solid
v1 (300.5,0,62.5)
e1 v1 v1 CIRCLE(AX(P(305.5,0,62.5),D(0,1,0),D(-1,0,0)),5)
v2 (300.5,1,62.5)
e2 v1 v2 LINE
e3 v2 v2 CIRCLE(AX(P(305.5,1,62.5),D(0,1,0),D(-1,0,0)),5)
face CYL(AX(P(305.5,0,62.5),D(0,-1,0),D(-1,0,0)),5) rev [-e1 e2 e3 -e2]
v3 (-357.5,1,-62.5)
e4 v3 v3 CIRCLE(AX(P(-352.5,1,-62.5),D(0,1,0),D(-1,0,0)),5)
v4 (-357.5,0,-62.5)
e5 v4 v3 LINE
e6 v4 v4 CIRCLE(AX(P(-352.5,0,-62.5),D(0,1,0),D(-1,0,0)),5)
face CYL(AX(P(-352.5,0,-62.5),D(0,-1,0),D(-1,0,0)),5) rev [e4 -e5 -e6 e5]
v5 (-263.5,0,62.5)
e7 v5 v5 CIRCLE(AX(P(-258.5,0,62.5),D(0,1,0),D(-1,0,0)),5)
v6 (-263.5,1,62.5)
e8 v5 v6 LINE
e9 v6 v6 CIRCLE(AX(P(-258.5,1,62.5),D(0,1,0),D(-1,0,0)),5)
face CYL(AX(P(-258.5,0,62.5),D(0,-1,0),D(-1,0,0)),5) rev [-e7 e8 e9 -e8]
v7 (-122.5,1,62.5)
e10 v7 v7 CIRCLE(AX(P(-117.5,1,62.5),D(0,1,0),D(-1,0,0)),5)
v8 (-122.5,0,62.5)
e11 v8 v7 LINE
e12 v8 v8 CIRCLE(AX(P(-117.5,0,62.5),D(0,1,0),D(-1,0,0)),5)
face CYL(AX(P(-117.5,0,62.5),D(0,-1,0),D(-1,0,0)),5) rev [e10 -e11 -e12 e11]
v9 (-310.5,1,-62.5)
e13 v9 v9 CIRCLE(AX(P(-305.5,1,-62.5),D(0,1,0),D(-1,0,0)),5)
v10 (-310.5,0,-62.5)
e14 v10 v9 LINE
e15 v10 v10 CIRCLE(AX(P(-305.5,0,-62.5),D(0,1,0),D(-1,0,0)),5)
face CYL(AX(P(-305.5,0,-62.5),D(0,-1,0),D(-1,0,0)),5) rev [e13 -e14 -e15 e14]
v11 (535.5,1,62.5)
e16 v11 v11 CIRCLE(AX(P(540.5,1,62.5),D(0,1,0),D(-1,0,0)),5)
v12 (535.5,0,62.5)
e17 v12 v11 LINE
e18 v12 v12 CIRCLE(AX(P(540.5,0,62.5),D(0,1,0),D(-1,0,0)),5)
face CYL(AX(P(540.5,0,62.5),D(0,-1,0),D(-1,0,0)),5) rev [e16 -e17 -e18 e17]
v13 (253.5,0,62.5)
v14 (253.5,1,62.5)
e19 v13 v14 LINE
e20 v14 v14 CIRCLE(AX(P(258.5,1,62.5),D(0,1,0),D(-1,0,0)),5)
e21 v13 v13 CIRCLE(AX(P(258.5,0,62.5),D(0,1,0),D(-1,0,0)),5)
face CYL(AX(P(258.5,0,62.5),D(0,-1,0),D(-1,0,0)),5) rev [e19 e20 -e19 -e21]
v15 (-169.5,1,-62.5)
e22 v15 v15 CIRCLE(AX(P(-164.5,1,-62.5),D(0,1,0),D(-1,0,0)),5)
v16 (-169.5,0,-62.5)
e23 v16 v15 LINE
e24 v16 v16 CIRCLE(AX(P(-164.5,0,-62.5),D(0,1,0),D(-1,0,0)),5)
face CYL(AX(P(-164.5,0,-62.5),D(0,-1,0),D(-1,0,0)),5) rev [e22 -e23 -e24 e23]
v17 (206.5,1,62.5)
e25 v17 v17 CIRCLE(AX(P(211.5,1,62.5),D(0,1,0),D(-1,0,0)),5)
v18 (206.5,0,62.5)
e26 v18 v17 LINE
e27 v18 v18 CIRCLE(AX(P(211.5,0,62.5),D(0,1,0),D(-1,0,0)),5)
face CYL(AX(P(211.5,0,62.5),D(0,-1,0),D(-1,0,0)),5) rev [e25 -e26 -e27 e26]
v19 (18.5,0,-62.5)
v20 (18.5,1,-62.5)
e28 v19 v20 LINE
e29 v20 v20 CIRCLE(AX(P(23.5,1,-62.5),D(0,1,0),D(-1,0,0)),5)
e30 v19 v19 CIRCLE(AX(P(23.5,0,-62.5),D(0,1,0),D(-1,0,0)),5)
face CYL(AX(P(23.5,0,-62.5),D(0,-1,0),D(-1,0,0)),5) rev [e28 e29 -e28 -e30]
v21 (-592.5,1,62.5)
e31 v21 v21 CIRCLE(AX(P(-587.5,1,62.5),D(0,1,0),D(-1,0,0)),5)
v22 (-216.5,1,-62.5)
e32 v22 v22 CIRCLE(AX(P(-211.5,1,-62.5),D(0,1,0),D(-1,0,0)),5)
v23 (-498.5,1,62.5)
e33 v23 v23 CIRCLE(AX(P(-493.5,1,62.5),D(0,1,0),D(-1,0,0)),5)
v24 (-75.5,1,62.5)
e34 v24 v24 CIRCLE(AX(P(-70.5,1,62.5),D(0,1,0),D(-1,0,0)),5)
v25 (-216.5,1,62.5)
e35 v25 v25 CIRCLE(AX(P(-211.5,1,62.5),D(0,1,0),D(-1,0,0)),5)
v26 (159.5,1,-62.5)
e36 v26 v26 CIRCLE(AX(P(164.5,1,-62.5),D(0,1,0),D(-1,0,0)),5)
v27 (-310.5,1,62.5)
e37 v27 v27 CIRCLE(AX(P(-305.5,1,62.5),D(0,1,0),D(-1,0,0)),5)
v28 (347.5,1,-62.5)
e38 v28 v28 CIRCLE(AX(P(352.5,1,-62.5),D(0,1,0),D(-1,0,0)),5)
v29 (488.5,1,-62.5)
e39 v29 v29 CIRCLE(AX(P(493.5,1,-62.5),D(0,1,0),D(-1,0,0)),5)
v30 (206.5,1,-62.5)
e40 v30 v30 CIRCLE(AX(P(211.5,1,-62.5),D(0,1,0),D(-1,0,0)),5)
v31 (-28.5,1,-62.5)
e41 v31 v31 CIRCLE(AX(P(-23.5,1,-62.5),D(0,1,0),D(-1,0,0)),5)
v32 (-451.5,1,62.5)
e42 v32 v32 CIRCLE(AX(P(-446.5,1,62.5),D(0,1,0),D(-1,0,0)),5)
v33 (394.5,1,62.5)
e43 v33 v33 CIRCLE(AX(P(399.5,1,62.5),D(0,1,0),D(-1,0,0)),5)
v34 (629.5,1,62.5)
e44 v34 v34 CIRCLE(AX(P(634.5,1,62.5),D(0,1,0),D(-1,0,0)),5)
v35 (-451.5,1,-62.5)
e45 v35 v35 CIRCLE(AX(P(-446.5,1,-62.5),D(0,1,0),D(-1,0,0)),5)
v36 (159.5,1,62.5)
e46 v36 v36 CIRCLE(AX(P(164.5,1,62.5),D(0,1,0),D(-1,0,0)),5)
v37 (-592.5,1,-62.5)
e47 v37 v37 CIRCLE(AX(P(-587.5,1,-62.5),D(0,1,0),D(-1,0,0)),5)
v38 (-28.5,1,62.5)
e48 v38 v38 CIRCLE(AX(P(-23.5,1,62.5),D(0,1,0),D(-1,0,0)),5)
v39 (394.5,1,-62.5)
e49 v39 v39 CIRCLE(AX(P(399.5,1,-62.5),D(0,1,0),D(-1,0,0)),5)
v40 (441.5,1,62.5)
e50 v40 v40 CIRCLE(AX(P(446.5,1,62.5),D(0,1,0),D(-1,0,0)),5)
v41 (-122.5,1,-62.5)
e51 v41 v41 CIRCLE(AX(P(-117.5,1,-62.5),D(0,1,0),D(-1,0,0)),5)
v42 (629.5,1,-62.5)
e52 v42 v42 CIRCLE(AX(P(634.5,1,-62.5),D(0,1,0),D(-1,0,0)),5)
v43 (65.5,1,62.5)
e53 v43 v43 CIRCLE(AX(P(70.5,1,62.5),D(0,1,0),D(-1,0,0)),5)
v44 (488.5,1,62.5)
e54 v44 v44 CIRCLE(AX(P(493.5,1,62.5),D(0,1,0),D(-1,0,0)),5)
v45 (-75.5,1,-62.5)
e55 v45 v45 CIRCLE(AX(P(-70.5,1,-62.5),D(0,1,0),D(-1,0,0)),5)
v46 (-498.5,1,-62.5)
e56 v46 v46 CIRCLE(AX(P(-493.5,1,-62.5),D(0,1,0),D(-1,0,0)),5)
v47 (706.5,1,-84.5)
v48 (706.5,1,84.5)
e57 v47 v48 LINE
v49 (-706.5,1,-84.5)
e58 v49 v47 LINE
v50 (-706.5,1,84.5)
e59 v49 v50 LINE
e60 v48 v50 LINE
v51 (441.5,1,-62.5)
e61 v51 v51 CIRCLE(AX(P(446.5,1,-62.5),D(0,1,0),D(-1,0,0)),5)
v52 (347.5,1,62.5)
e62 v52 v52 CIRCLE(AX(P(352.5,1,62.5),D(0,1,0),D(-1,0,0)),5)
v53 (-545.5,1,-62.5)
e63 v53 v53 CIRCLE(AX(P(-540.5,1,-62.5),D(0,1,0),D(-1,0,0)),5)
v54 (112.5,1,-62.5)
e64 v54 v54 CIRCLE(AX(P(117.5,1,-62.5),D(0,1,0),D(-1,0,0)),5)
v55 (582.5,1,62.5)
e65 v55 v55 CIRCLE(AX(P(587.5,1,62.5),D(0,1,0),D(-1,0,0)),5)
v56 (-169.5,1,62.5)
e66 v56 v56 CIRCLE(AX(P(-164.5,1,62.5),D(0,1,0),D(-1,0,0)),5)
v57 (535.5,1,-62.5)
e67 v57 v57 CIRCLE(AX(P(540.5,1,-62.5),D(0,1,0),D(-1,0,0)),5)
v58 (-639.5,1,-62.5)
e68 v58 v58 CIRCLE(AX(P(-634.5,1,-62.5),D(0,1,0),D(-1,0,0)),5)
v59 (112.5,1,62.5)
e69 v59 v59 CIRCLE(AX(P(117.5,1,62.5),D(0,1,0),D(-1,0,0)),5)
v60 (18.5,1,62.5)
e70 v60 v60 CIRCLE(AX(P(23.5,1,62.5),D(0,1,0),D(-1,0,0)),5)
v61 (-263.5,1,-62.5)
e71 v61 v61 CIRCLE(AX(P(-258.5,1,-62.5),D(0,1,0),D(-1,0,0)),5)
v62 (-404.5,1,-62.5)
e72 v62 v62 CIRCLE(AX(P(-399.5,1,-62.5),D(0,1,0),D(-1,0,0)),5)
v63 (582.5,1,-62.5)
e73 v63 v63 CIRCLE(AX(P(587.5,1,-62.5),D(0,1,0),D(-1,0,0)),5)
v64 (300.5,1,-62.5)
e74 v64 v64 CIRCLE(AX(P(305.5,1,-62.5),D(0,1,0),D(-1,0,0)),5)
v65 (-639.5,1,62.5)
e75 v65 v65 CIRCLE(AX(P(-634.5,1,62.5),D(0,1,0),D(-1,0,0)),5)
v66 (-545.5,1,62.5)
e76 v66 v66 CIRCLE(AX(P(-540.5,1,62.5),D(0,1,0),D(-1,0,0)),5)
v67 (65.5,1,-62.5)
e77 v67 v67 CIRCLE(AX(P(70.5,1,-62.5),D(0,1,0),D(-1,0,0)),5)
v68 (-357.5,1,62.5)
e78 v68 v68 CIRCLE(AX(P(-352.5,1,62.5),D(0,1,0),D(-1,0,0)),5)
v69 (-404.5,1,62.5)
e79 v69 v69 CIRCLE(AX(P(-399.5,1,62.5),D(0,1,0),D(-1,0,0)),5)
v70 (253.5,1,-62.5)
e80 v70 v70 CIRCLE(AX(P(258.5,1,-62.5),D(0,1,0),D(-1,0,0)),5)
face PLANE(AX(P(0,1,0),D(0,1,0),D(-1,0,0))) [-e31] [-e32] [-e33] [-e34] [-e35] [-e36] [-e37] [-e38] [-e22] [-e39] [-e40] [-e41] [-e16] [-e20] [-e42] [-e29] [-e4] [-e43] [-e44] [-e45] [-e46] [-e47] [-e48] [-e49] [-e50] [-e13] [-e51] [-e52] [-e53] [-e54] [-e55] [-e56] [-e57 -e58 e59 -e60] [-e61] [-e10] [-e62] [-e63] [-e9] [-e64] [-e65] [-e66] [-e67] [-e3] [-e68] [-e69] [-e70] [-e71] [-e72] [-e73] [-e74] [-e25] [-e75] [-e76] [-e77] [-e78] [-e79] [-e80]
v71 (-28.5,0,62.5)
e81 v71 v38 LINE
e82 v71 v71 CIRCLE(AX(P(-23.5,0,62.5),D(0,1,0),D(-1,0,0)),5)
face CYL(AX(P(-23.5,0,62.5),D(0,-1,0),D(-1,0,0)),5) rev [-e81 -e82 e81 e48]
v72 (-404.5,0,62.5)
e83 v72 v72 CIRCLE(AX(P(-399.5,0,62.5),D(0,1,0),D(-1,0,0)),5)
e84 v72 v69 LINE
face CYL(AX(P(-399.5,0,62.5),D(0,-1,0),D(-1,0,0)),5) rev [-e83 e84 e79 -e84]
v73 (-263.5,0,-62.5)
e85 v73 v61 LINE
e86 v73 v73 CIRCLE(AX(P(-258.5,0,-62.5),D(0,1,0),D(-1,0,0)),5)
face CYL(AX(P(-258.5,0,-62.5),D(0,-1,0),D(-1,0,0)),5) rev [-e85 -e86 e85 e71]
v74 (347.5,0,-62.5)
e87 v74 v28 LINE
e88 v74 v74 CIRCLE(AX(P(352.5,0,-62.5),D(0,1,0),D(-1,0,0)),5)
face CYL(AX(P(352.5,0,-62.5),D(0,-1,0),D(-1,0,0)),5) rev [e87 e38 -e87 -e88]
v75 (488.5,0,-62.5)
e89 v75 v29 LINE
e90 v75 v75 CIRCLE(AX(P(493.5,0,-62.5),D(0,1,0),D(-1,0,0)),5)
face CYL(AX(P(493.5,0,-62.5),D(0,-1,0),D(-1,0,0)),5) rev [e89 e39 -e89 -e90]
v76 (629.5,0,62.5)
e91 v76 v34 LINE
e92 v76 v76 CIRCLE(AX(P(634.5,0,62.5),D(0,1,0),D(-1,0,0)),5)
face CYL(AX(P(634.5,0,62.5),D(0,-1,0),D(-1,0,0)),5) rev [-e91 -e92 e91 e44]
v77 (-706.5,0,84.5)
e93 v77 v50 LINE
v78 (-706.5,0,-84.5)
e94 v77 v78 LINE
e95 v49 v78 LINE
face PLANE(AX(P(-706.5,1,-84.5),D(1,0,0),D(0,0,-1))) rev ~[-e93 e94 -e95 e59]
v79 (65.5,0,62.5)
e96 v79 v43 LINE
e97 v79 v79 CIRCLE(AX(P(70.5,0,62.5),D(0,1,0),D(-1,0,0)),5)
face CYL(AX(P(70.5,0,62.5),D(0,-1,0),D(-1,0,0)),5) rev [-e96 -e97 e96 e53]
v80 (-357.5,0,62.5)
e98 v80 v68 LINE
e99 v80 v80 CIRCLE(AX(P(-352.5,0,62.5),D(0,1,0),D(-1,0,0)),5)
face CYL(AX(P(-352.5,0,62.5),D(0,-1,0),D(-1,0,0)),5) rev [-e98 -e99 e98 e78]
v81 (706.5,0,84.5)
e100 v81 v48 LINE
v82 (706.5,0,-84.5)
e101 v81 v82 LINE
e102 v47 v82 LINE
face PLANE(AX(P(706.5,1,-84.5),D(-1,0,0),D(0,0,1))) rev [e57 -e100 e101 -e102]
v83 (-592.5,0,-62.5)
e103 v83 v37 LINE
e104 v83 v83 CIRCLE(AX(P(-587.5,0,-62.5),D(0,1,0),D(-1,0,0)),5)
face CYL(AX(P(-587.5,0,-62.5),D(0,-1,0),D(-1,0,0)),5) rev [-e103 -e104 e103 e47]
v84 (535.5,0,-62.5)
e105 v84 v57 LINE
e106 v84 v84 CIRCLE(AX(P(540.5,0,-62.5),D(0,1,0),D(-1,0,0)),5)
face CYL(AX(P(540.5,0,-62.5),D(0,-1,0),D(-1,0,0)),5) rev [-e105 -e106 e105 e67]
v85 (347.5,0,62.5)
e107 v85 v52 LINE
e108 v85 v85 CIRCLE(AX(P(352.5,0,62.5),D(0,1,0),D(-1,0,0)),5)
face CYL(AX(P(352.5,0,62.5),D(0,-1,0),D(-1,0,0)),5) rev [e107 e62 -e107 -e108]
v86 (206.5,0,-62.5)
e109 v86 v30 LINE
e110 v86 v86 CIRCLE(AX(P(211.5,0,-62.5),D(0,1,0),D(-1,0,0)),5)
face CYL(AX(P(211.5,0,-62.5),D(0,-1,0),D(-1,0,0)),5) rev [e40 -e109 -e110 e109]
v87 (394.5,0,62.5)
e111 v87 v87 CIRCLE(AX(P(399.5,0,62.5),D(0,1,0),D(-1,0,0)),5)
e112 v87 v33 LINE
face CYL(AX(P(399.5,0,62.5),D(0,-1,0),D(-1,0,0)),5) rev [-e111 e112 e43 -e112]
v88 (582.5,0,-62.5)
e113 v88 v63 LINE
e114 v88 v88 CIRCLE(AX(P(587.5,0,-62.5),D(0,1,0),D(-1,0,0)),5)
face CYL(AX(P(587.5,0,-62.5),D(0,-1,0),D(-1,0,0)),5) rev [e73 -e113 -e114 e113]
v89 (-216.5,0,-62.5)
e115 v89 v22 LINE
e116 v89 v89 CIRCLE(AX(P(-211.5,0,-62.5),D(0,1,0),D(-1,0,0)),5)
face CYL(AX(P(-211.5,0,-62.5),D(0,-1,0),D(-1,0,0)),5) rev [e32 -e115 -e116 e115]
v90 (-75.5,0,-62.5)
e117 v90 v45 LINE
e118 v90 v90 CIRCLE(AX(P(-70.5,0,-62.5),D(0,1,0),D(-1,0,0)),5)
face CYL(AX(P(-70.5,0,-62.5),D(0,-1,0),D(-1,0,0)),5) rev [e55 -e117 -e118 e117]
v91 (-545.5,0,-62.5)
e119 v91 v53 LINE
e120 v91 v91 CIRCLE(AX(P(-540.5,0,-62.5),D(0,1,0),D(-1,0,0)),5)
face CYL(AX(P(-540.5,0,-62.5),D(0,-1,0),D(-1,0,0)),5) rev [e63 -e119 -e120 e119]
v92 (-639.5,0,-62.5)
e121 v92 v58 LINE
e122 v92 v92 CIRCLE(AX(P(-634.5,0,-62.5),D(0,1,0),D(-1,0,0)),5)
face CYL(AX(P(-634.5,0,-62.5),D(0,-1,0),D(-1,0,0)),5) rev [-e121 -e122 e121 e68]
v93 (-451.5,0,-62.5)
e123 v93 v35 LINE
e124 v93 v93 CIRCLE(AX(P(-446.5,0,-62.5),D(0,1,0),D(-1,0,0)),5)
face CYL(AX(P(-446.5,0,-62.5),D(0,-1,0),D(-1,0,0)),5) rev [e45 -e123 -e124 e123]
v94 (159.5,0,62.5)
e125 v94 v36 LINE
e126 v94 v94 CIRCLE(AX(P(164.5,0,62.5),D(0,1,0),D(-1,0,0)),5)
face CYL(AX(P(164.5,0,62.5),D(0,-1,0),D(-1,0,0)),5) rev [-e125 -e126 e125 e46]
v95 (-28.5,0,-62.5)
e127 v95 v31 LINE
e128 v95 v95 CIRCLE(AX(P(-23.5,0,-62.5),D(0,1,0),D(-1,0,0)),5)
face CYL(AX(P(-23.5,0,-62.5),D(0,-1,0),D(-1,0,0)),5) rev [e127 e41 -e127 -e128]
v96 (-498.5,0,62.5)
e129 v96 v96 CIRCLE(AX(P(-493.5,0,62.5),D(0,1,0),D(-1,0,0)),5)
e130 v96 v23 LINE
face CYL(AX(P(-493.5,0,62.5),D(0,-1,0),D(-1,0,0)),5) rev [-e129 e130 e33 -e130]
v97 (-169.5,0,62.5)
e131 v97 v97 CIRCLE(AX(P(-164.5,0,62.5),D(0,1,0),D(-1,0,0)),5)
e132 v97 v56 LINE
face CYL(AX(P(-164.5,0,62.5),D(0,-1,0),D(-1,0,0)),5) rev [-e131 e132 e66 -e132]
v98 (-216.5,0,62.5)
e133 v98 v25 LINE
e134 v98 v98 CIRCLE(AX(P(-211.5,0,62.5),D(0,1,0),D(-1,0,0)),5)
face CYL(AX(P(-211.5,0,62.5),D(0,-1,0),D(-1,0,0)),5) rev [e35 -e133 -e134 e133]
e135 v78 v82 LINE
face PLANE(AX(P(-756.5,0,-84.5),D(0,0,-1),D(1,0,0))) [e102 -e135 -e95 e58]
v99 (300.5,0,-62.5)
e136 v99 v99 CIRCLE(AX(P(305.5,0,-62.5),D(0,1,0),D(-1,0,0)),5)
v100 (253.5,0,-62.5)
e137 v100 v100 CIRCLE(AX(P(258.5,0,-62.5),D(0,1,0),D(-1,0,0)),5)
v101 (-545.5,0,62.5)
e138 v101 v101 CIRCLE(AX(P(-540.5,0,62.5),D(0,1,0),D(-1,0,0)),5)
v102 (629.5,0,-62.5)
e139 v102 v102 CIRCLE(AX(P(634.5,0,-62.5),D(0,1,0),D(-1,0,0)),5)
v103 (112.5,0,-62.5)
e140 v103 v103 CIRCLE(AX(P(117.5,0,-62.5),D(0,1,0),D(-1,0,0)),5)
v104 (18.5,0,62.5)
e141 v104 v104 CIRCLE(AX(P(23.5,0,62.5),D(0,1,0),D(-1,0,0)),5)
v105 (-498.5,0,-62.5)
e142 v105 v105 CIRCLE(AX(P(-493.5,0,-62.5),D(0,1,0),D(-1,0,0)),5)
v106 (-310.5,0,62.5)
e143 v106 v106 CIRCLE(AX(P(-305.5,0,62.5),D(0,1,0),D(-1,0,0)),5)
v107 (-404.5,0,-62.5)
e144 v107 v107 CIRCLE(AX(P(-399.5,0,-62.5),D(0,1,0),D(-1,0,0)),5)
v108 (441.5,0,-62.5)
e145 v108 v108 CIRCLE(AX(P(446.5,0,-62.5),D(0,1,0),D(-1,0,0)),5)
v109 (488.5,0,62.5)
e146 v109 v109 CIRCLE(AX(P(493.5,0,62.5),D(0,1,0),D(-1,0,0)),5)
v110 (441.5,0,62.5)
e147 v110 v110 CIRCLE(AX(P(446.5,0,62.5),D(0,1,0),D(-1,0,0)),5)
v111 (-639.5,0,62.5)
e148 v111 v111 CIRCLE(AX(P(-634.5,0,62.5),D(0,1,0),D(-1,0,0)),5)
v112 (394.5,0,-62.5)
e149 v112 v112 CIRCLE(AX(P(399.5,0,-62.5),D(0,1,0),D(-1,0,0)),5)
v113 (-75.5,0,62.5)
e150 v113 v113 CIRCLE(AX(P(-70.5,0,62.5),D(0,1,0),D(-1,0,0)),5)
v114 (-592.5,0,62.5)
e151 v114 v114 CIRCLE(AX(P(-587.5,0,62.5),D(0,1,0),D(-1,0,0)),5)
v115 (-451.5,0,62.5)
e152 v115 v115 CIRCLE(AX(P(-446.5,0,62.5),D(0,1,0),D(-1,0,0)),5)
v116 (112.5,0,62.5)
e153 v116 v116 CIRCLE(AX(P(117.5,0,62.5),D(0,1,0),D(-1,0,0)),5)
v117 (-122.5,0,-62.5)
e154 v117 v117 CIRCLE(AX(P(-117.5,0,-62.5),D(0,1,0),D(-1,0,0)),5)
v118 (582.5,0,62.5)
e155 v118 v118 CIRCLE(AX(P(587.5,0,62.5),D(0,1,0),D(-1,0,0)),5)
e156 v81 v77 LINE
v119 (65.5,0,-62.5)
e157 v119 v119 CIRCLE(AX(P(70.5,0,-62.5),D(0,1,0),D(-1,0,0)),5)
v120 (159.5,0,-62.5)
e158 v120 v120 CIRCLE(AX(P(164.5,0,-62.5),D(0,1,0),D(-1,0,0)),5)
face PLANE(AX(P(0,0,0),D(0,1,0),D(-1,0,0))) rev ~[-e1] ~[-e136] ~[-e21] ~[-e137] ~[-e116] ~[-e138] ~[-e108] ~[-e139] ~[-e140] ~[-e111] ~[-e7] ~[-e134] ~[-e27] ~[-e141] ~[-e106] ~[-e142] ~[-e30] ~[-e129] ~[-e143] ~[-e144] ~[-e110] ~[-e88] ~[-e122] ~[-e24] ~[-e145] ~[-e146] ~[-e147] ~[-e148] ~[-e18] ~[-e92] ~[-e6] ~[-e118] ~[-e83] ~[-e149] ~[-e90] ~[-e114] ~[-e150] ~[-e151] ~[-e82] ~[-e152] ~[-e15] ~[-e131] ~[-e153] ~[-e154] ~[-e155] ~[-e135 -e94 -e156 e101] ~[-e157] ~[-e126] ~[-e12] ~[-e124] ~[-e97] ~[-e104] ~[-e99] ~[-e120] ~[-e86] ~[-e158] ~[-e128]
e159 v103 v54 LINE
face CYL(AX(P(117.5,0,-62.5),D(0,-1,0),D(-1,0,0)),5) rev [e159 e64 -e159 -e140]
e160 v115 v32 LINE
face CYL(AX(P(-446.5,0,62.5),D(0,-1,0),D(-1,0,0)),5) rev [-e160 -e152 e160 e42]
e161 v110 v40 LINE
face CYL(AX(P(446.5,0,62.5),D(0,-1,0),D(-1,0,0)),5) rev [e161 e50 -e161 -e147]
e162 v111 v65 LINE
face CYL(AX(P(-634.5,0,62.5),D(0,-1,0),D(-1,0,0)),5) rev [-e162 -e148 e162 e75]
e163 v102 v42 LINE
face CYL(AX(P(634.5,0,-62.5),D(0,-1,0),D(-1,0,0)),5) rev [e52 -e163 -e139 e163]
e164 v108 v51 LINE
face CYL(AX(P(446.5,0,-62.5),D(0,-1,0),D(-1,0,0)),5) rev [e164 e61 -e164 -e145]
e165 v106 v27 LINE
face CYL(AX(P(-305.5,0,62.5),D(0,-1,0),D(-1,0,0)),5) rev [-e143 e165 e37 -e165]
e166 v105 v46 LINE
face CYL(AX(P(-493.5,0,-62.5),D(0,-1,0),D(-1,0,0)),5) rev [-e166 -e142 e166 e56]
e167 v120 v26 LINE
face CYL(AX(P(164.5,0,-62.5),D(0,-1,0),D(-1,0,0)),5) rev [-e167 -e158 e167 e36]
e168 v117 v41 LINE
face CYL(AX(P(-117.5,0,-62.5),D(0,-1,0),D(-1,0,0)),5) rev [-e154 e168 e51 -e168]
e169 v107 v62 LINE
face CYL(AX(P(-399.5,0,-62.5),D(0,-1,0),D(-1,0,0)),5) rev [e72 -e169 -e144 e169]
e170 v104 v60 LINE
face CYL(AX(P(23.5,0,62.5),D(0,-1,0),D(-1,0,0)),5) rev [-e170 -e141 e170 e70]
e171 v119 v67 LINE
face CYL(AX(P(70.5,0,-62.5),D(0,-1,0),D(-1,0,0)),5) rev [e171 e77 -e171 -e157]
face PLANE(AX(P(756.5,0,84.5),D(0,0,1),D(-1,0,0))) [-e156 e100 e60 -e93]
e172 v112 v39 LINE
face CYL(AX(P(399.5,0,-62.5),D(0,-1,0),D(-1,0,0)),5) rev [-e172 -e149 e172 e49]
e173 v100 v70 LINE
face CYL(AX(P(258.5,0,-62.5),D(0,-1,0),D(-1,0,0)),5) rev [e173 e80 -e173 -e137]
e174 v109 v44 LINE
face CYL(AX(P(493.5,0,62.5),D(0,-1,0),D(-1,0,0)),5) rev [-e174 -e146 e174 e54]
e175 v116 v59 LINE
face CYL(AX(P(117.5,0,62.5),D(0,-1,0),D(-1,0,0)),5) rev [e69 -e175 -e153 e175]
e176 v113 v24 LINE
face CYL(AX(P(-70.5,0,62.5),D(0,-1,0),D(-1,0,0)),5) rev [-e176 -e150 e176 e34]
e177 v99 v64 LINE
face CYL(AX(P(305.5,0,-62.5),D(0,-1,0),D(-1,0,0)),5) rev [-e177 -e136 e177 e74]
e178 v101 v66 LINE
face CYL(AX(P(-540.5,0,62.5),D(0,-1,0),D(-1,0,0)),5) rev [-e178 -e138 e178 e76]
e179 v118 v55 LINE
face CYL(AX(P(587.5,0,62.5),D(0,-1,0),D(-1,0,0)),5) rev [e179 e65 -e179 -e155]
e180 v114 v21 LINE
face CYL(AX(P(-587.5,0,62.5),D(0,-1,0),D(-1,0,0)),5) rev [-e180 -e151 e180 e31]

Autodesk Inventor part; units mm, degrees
ref_plane "YZ Plane" through (0, 0, 0) normal (1, 0, 0) x (0, 1, 0)
ref_plane "XZ Plane" through (0, 0, 0) normal (0, 1, 0) x (-1, 0, 0)
ref_plane "XY Plane" through (0, 0, 0) normal (0, 0, 1) x (1, 0, 0)
sketch "Skin Scheme" plane through (0, 0, 0) normal (0, 1, 0) x (-1, 0, 0)
  line L0 (756.5, -84.5) -> (-756.5, -84.5)
  line L1 (-756.5, -84.5) -> (-756.5, 84.5)
  line L2 (-756.5, 84.5) -> (756.5, 84.5)
  line L3 (756.5, 84.5) -> (756.5, -84.5)
  circle A0 centre (634.5, -62.5) radius 5
  circle A1 centre (587.5, -62.5) radius 5
  circle A2 centre (540.5, -62.5) radius 5
  circle A3 centre (493.5, -62.5) radius 5
  circle A4 centre (446.5, -62.5) radius 5
  circle A5 centre (399.5, -62.5) radius 5
  circle A6 centre (352.5, -62.5) radius 5
  circle A7 centre (305.5, -62.5) radius 5
  circle A8 centre (258.5, -62.5) radius 5
  circle A9 centre (211.5, -62.5) radius 5
  circle A10 centre (164.5, -62.5) radius 5
  circle A11 centre (117.5, -62.5) radius 5
  circle A12 centre (70.5, -62.5) radius 5
  circle A13 centre (23.5, -62.5) radius 5
  circle A14 centre (-23.5, -62.5) radius 5
  circle A15 centre (-70.5, -62.5) radius 5
  circle A16 centre (-117.5, -62.5) radius 5
  circle A17 centre (-164.5, -62.5) radius 5
  circle A18 centre (634.5, 62.5) radius 5
  circle A19 centre (587.5, 62.5) radius 5
  circle A20 centre (540.5, 62.5) radius 5
  circle A21 centre (493.5, 62.5) radius 5
  circle A22 centre (446.5, 62.5) radius 5
  circle A23 centre (399.5, 62.5) radius 5
  circle A24 centre (352.5, 62.5) radius 5
  circle A25 centre (305.5, 62.5) radius 5
  circle A26 centre (258.5, 62.5) radius 5
  circle A27 centre (211.5, 62.5) radius 5
  circle A28 centre (164.5, 62.5) radius 5
  circle A29 centre (117.5, 62.5) radius 5
  circle A30 centre (70.5, 62.5) radius 5
  circle A31 centre (23.5, 62.5) radius 5
  circle A32 centre (-23.5, 62.5) radius 5
  circle A33 centre (-70.5, 62.5) radius 5
  circle A34 centre (-117.5, 62.5) radius 5
  circle A35 centre (-164.5, 62.5) radius 5
  circle A36 centre (-211.5, -62.5) radius 5
  circle A37 centre (-211.5, 62.5) radius 5
  circle A38 centre (-258.5, -62.5) radius 5
  circle A39 centre (-258.5, 62.5) radius 5
  circle A40 centre (-305.5, -62.5) radius 5
  circle A41 centre (-305.5, 62.5) radius 5
  circle A42 centre (-352.5, -62.5) radius 5
  circle A43 centre (-352.5, 62.5) radius 5
  circle A44 centre (-399.5, -62.5) radius 5
  circle A45 centre (-399.5, 62.5) radius 5
  circle A46 centre (-446.5, -62.5) radius 5
  circle A47 centre (-446.5, 62.5) radius 5
  circle A48 centre (-493.5, -62.5) radius 5
  circle A49 centre (-493.5, 62.5) radius 5
  circle A50 centre (-540.5, -62.5) radius 5
  circle A51 centre (-540.5, 62.5) radius 5
  circle A52 centre (-587.5, -62.5) radius 5
  circle A53 centre (-587.5, 62.5) radius 5
  circle A54 centre (-634.5, -62.5) radius 5
  circle A55 centre (-634.5, 62.5) radius 5
  point P0 (0, 0)
  dimension "d0" = 1513
  dimension "d1" = 756.5
  dimension "d2" = 169
  dimension "d3" = 84.5
  dimension "d4" = 10
  dimension "d5" = 122
  dimension "d6" = 22
  dimension "d9" = 47
  dimension "d12" = 125
extrude "Skin Body" add sketch "Skin Scheme" along normal blind 1
sketch "End Cut Outline" plane through (0, 1, 0) normal (0, 1, 0) x (1, 0, 0)
  line L0 (-706.5, 94.5) -> (-766.5, 94.5)
  line L1 (-766.5, 94.5) -> (-766.5, -94.5)
  line L2 (-766.5, -94.5) -> (-706.5, -94.5)
  line L3 (-706.5, -94.5) -> (-706.5, 94.5)
  line L4 (756.5, 84.5) -> (-756.5, 84.5)
  line L5 (-756.5, -84.5) -> (756.5, -84.5)
  line L6 (-756.5, 84.5) -> (-756.5, -84.5)
  point P0 (0, 0)
  dimension "d19" = 10
  dimension "d20" = 10
  dimension "d21" = 10
  dimension "d22" = 50
extrude "End Cut" cut sketch "End Cut Outline" along normal through all both and the other way through all
mirror "End Cut Mirror" about plane through (0, 0, 0) normal (1, 0, 0) of "End Cut"
properties part number "Skin NPS 14 Internal" material "Rubber, Silicone"
